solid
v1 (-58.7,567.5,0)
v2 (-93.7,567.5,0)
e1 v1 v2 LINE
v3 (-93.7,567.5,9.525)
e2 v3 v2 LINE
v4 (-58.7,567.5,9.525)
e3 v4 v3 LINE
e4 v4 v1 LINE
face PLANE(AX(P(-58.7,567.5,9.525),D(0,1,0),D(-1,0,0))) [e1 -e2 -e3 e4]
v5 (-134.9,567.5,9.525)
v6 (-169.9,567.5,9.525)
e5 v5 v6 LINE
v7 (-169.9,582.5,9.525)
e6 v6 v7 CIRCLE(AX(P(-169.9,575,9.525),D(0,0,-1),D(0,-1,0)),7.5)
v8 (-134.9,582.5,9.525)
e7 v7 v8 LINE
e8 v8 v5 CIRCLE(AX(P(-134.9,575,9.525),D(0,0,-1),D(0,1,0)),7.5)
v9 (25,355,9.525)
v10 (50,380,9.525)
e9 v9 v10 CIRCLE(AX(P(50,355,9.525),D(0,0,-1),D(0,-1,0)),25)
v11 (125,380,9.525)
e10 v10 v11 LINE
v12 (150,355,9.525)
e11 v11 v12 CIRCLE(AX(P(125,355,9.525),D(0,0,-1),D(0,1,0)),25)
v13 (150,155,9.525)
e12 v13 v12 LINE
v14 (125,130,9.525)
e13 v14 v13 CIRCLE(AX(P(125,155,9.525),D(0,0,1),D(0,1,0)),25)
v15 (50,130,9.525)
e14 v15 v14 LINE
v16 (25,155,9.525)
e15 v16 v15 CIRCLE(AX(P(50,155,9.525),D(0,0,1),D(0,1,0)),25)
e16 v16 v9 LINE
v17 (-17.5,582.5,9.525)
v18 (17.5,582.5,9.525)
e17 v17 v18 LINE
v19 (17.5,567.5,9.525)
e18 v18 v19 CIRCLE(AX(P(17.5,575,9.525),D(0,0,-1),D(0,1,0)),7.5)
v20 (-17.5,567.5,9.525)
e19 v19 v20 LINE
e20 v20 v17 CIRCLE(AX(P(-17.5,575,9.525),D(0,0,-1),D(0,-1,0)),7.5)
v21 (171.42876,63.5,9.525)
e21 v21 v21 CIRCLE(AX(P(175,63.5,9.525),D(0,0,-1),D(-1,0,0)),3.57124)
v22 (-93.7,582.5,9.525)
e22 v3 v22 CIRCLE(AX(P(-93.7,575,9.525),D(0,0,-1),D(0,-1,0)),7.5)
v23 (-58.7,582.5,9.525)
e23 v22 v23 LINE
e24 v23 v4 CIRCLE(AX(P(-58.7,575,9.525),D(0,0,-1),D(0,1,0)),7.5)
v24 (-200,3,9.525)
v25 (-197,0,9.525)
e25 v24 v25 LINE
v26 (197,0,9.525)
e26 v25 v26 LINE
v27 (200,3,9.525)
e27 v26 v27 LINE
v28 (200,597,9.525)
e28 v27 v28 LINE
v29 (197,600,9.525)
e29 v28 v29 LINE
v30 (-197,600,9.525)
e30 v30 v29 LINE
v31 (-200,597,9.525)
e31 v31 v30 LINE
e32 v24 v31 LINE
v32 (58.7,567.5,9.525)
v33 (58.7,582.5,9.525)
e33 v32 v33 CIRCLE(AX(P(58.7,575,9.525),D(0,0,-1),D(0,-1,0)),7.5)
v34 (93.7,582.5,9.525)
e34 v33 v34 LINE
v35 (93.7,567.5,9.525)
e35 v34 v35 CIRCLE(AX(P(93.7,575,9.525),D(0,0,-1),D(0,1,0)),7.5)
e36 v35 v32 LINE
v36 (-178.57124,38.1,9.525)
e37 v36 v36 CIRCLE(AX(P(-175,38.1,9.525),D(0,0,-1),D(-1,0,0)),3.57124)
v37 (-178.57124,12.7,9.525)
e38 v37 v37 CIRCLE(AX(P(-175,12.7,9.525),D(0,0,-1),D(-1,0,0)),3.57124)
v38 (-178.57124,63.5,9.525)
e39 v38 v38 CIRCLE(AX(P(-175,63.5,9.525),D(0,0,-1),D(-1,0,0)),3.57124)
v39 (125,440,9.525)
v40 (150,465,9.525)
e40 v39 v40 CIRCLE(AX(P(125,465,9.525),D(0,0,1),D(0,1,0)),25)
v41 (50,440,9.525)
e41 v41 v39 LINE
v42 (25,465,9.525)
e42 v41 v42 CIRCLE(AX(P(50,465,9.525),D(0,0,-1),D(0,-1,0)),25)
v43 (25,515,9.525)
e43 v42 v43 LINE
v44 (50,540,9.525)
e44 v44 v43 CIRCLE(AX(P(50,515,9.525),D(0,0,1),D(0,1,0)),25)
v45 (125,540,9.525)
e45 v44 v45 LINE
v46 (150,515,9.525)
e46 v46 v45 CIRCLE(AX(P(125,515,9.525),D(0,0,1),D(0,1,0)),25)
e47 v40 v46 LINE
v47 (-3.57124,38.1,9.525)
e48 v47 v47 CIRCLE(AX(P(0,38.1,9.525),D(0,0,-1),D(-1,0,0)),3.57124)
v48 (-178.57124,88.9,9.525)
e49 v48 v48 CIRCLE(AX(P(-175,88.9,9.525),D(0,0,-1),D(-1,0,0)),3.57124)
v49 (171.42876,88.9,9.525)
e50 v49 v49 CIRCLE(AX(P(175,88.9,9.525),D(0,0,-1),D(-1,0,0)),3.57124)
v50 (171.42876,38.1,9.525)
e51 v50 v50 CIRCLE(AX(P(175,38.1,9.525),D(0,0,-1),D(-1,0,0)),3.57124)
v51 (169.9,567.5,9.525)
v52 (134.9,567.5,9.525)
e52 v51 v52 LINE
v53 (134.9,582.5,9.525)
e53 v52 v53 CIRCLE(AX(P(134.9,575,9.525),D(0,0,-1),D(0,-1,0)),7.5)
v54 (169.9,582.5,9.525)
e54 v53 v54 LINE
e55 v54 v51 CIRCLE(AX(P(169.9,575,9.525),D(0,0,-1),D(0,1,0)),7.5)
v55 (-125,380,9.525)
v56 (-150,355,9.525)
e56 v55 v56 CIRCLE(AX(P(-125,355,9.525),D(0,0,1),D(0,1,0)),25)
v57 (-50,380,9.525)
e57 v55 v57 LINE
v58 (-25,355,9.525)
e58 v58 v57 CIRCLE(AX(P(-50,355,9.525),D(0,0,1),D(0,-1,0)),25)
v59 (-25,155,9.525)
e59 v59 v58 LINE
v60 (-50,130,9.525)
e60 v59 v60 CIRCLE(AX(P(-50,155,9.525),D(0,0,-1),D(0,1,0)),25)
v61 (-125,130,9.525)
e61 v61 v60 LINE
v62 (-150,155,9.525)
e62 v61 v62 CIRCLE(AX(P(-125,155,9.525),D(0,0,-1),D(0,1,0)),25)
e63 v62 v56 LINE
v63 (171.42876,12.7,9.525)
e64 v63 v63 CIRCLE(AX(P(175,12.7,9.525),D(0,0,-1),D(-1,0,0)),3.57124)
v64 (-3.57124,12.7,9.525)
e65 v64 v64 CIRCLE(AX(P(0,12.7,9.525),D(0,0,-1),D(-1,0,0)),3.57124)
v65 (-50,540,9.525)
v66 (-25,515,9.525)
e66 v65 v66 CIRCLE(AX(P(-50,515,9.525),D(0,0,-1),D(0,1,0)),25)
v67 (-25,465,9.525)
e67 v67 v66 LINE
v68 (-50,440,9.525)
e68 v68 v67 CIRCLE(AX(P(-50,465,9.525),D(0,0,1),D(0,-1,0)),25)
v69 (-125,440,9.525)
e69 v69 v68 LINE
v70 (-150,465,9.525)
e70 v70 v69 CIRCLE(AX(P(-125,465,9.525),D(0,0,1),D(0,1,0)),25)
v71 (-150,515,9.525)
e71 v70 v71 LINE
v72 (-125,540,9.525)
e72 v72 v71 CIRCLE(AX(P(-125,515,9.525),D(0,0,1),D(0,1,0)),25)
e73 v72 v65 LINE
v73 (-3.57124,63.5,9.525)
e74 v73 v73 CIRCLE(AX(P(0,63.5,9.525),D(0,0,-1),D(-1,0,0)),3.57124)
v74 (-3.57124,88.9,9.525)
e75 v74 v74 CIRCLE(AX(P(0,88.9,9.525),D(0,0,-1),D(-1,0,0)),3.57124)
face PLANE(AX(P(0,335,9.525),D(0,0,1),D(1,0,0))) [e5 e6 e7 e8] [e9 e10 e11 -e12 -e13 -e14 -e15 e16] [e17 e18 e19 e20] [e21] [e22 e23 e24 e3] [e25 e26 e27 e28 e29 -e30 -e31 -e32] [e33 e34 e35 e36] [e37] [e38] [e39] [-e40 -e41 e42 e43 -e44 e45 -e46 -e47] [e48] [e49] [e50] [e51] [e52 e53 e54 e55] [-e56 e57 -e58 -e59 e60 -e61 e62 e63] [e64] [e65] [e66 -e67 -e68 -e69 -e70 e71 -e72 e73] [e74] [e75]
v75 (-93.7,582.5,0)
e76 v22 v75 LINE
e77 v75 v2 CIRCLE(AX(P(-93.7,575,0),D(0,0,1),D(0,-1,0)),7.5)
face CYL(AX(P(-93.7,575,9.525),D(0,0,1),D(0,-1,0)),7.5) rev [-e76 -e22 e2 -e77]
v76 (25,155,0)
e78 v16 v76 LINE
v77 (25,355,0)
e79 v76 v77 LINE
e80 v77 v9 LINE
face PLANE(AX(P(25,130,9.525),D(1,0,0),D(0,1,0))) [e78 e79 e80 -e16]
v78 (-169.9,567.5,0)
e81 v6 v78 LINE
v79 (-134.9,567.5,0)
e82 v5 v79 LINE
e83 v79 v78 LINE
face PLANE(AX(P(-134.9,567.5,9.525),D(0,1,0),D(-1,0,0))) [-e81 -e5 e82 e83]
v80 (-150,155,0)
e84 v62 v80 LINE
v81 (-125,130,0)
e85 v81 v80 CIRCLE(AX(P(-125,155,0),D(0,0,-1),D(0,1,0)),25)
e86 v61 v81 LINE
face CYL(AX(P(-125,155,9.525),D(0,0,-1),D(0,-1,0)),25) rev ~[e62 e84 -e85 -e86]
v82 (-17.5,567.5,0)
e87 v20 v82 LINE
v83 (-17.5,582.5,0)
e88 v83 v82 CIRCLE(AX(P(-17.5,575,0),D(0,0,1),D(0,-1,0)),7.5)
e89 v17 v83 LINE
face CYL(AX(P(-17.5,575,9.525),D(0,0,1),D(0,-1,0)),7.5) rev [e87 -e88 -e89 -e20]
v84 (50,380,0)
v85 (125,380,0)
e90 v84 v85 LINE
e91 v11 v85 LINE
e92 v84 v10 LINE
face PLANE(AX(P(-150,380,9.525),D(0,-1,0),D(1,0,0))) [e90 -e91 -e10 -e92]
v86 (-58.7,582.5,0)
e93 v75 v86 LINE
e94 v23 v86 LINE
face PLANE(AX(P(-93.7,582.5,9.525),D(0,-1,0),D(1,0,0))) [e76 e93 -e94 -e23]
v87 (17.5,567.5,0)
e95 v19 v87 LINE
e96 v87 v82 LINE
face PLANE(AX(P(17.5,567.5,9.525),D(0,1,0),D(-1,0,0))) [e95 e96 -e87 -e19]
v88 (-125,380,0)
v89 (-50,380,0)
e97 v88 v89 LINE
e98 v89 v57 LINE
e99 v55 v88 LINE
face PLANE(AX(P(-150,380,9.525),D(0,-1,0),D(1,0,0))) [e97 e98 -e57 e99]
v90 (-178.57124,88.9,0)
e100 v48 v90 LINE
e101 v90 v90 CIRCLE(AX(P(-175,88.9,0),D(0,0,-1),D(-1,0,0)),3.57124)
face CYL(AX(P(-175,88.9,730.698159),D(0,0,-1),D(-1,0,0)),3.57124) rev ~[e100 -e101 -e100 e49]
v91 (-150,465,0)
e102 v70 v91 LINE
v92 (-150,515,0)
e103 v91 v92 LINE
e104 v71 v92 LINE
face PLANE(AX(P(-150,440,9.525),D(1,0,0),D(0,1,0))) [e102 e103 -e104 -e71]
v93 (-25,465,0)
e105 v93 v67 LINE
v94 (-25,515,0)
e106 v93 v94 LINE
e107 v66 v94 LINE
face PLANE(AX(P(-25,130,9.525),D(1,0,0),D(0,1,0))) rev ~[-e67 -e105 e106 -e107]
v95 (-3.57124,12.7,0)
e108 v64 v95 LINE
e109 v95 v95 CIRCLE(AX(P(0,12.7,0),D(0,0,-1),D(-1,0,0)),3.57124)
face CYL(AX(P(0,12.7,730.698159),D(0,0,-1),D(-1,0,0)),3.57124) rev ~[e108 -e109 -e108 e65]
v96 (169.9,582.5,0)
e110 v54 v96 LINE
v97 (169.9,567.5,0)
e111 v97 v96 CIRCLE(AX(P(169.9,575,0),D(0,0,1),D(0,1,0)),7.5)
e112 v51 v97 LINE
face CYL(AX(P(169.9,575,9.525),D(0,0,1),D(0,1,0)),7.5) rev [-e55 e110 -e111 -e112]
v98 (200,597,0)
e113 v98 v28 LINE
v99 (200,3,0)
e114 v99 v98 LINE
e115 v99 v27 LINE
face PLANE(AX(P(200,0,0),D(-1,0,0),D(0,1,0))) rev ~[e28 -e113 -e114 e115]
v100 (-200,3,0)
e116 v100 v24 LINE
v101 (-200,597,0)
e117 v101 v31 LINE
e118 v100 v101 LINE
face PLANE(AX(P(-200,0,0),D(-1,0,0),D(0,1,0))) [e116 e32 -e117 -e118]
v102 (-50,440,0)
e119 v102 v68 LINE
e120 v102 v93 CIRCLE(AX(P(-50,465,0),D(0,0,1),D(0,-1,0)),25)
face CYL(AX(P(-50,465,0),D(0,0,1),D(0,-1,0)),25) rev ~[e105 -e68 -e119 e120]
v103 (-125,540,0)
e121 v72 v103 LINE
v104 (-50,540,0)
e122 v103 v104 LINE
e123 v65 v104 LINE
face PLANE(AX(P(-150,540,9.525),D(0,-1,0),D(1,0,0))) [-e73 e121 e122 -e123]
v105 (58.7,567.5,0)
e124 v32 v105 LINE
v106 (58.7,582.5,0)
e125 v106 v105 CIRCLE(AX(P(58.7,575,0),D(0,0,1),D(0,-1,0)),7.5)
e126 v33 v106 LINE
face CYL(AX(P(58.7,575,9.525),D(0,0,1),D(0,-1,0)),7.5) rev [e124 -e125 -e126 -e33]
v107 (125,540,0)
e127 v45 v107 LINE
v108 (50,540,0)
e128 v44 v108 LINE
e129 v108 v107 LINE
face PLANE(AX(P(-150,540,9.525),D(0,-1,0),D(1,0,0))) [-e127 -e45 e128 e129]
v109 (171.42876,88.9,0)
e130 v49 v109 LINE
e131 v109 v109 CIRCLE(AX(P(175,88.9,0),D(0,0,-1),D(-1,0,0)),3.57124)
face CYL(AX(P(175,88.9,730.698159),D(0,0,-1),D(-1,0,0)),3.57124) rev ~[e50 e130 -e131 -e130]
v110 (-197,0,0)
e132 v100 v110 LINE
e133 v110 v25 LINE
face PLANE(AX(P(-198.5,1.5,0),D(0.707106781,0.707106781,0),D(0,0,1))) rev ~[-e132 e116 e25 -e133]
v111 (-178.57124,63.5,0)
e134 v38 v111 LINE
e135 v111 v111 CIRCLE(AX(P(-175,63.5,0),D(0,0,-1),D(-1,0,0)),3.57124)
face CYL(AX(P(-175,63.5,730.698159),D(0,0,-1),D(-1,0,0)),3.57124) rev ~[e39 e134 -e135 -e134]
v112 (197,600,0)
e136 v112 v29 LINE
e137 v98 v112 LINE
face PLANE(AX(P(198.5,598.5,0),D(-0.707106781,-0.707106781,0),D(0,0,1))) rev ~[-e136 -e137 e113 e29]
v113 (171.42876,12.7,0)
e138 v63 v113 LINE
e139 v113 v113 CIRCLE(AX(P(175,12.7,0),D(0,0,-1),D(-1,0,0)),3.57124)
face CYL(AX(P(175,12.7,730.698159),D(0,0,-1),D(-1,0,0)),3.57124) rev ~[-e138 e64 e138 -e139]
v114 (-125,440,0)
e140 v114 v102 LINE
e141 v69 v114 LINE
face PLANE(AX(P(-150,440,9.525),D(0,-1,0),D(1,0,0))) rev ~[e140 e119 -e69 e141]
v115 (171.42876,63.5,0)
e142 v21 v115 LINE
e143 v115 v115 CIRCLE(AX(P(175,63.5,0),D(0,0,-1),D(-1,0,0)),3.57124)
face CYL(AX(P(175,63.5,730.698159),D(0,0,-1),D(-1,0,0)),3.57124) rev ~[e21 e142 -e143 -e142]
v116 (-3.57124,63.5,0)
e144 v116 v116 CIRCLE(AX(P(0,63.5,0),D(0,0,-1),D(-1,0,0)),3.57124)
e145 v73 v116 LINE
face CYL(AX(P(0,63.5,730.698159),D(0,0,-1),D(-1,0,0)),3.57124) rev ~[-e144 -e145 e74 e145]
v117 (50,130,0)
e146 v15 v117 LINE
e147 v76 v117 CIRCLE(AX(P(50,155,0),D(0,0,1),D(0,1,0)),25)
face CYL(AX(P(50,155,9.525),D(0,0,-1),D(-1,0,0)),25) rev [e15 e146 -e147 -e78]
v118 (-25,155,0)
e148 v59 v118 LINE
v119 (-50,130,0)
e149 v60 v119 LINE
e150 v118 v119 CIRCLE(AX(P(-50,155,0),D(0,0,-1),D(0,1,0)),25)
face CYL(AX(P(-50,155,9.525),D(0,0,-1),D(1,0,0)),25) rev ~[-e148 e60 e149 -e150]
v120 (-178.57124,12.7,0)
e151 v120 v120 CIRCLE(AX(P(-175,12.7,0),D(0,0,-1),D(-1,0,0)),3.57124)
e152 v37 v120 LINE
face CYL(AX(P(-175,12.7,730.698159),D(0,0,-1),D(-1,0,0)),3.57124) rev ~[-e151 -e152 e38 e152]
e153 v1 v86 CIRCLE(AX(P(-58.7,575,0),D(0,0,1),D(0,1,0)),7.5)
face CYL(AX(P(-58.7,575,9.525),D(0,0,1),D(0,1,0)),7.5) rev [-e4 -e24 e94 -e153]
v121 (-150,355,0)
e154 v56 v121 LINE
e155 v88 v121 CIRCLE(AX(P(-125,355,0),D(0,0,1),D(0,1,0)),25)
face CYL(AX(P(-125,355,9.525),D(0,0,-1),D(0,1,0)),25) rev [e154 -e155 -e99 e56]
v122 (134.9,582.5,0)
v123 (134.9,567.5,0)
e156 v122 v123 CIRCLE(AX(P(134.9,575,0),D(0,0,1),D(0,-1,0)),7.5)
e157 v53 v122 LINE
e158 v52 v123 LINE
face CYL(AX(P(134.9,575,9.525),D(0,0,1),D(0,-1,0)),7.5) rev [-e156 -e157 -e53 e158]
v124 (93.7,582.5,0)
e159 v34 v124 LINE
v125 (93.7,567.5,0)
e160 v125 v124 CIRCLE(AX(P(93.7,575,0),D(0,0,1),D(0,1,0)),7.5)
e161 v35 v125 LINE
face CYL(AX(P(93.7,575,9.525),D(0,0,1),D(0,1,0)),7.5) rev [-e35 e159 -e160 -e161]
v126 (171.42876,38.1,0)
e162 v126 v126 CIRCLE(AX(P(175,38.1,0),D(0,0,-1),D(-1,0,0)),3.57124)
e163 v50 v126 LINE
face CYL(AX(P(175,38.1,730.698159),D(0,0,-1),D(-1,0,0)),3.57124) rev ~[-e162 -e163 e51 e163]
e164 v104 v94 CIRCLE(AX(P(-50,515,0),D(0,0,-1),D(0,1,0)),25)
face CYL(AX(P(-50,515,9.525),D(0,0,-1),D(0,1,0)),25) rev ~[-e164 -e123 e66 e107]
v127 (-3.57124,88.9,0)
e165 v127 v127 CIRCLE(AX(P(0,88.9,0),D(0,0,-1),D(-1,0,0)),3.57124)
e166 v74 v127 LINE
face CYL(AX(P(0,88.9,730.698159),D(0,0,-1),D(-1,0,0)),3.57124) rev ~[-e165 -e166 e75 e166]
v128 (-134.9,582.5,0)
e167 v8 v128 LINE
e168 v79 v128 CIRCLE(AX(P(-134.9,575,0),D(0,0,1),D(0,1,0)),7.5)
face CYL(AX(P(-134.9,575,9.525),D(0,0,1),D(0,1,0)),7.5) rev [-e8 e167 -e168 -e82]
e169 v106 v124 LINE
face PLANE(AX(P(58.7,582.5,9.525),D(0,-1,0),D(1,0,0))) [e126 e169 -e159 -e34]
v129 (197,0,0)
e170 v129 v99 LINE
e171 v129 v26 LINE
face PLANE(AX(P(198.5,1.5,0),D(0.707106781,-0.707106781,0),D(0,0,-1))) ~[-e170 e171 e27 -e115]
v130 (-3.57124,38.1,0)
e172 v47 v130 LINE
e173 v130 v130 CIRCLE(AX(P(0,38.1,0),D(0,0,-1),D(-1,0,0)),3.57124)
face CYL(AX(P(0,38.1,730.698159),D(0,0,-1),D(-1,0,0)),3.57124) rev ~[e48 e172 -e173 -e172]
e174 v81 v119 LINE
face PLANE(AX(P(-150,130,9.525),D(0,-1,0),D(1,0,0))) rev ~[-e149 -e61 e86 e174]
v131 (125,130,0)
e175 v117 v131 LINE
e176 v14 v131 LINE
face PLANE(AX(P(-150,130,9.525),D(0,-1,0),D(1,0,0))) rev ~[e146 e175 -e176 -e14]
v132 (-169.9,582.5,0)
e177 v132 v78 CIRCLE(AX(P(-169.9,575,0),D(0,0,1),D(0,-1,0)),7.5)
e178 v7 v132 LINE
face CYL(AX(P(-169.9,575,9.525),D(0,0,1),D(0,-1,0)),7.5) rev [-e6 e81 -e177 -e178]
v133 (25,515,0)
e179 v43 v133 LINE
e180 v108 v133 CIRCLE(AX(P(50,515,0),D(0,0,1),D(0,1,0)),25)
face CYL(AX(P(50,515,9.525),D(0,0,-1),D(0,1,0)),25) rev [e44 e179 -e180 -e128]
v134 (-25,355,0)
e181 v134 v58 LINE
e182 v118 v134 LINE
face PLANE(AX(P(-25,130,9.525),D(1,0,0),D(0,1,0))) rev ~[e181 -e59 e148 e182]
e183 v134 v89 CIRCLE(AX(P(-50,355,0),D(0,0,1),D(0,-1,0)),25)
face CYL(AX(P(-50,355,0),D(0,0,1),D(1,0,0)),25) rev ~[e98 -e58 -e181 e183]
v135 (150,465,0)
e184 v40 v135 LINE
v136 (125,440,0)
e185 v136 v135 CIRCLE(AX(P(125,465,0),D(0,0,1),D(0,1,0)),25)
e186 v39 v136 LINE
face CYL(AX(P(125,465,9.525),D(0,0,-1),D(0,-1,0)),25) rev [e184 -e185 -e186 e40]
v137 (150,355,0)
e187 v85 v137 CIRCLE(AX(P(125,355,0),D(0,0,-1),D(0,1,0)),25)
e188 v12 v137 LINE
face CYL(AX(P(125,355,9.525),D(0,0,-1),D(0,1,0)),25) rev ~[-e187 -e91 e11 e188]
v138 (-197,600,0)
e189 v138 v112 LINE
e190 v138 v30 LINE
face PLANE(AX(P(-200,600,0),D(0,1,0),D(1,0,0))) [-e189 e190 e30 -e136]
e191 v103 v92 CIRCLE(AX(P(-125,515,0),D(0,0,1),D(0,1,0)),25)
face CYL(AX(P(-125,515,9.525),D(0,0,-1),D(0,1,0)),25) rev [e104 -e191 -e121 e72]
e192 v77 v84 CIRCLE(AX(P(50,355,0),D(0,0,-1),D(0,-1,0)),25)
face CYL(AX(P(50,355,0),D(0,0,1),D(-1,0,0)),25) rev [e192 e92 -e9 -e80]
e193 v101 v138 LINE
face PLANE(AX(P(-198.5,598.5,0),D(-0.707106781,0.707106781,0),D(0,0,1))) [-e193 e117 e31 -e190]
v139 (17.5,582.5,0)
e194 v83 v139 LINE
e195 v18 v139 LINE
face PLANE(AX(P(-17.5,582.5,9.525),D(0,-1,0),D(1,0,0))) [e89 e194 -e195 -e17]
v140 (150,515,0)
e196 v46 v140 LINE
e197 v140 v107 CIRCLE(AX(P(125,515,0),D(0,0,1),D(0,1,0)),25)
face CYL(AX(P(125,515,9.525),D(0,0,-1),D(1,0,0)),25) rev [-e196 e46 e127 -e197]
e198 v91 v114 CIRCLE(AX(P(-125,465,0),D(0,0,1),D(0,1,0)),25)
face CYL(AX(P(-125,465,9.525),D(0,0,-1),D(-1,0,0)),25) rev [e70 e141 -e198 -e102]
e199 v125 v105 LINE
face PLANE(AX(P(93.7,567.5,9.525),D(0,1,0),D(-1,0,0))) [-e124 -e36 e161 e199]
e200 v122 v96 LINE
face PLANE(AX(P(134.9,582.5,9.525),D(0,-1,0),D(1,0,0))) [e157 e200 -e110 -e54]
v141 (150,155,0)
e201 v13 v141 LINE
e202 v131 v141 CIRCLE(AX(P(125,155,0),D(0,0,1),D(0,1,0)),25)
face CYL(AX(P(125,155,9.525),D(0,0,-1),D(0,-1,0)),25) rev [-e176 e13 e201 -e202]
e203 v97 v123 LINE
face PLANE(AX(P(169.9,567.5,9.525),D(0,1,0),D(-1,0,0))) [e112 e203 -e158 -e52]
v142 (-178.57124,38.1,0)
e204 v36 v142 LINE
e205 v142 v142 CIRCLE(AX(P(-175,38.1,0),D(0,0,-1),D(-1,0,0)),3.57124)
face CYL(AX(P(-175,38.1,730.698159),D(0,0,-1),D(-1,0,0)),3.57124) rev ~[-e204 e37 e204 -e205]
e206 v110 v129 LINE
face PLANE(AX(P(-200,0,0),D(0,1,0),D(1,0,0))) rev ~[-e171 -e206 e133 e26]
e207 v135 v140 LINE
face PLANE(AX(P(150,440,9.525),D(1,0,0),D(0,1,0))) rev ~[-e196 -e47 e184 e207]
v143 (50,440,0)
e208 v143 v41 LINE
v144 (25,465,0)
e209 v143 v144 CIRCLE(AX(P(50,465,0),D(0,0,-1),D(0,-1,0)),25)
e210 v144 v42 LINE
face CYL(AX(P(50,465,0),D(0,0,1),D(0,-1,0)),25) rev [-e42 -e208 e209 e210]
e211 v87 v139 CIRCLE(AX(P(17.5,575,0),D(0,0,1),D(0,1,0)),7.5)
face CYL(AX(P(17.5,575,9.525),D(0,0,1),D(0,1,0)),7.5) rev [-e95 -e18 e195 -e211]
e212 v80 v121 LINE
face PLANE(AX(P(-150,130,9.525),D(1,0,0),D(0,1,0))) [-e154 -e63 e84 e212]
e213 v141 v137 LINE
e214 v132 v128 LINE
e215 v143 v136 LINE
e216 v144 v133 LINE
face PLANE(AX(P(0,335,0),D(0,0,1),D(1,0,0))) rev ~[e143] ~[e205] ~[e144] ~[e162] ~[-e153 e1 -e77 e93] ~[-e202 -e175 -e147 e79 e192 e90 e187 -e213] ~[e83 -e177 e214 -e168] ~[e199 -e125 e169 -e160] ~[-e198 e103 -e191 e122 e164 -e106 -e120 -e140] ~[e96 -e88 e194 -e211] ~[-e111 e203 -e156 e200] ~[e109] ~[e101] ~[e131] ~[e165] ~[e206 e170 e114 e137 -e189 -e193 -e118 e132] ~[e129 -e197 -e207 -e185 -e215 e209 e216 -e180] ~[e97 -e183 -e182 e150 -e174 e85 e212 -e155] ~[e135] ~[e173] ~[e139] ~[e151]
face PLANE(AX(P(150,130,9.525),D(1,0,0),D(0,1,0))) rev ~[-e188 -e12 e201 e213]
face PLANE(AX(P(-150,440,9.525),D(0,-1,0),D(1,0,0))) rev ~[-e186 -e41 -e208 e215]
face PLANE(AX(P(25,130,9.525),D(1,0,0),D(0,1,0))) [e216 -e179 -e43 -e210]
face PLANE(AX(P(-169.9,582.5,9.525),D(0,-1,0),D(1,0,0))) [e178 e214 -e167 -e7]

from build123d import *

# Parameters (mm, degrees)
SKETCH1_W               = 400
SKETCH1_H               = 600
BOSS_EXTRUDE1_DEPTH     = 9.525
F_1_4_CLEARANCE_HOLE1_D = 7.14248
LPATTERN1_COUNT         = 2
LPATTERN1_PITCH         = 50.8
CUT_EXTRUDE2_DEPTH      = 10.525
LPATTERN2_COUNT         = 3
LPATTERN2_PITCH         = 76.2
LPATTERN2_COL_COUNT     = 3
LPATTERN2_COL_PITCH     = 76.2
SKETCH6_W               = 300
SKETCH6_H               = 250
SKETCH6_H_2             = 100
CUT_EXTRUDE1_DEPTH      = 10.525
SKETCH7_W               = 50
SKETCH7_H               = 410
BOSS_EXTRUDE2_DEPTH     = 9.525
FILLET1_R               = 25
CHAMFER2_SIZE           = 3


with BuildPart() as part:
    # Sketch1 → Boss-Extrude1 (new body)
    with BuildSketch(Plane.XY):
        with Locations((0, 300)):
            Rectangle(SKETCH1_W, SKETCH1_H)
    extrude(amount=BOSS_EXTRUDE1_DEPTH)

    # 1/4 Clearance Hole1 (through all)
    with Locations(Plane.XY.offset(9.525)):
        with Locations((-175, 12.7), (-175, 38.1), (175, 38.1), (175, 12.7), (0, 38.1), (0, 12.7)):
            f_1_4_clearance_hole1 = Hole(F_1_4_CLEARANCE_HOLE1_D / 2)

    # LPattern1: 1/4 Clearance Hole1 ×2
    with Locations(*[(0, i * LPATTERN1_PITCH, 0) for i in range(1, LPATTERN1_COUNT)]):
        add(f_1_4_clearance_hole1, mode=Mode.SUBTRACT)

    # Sketch8 → Cut-Extrude2 (cut, through all)
    with BuildSketch(Plane.XY.offset(9.525)):
        with BuildLine():
            Line((-17.5, 582.5), (17.5, 582.5))
            ThreePointArc((17.5, 582.5), (25, 575), (17.5, 567.5))
            Line((17.5, 567.5), (-17.5, 567.5))
            ThreePointArc((-17.5, 567.5), (-25, 575), (-17.5, 582.5))
        make_face()
    cut_extrude2 = extrude(amount=-CUT_EXTRUDE2_DEPTH, mode=Mode.SUBTRACT)

    # LPattern2: Cut-Extrude2 ×3
    with Locations(*[(i * LPATTERN2_PITCH, 0, 0) for i in range(1, LPATTERN2_COUNT)]):
        add(cut_extrude2, mode=Mode.SUBTRACT)

    # LPattern2 col: Cut-Extrude2 ×3
    with Locations(*[(-i * LPATTERN2_COL_PITCH, 0, 0) for i in range(1, LPATTERN2_COL_COUNT)]):
        add(cut_extrude2, mode=Mode.SUBTRACT)

    # Sketch6 → Cut-Extrude1 (cut, through all)
    with BuildSketch(Plane.XY.offset(9.525)):
        with Locations((0, 255)):
            Rectangle(SKETCH6_W, SKETCH6_H)
        with Locations((0, 490)):
            Rectangle(SKETCH6_W, SKETCH6_H_2)
    extrude(amount=-CUT_EXTRUDE1_DEPTH, mode=Mode.SUBTRACT)

    # Sketch7 → Boss-Extrude2 (add, through all)
    with BuildSketch(Plane.XY.offset(9.525)):
        with Locations((0, 335)):
            Rectangle(SKETCH7_W, SKETCH7_H)
    extrude(amount=-BOSS_EXTRUDE2_DEPTH)

    # Fillet1
    fillet1_edges = [part.edges().sort_by_distance(p)[0] for p in [
        (-150, 130, 4.7625),
        (-150, 380, 4.7625),
        (150, 380, 4.7625),
        (150, 130, 4.7625),
        (-150, 440, 4.7625),
        (-150, 540, 4.7625),
        (150, 540, 4.7625),
        (150, 440, 4.7625),
        (-25, 440, 4.7625),
        (25, 440, 4.7625),
        (25, 540, 4.7625),
        (-25, 130, 4.7625),
        (-25, 540, 4.7625),
        (25, 380, 4.7625),
        (25, 130, 4.7625),
        (-25, 380, 4.7625),
    ]]
    fillet(fillet1_edges, radius=FILLET1_R)

    # Chamfer2
    chamfer2_edges = [part.edges().sort_by_distance(p)[0] for p in [
        (-200, 600, 4.7625),
        (200, 600, 4.7625),
        (200, 0, 4.7625),
        (-200, 0, 4.7625),
    ]]
    chamfer(chamfer2_edges, length=CHAMFER2_SIZE)


solid = part.part
